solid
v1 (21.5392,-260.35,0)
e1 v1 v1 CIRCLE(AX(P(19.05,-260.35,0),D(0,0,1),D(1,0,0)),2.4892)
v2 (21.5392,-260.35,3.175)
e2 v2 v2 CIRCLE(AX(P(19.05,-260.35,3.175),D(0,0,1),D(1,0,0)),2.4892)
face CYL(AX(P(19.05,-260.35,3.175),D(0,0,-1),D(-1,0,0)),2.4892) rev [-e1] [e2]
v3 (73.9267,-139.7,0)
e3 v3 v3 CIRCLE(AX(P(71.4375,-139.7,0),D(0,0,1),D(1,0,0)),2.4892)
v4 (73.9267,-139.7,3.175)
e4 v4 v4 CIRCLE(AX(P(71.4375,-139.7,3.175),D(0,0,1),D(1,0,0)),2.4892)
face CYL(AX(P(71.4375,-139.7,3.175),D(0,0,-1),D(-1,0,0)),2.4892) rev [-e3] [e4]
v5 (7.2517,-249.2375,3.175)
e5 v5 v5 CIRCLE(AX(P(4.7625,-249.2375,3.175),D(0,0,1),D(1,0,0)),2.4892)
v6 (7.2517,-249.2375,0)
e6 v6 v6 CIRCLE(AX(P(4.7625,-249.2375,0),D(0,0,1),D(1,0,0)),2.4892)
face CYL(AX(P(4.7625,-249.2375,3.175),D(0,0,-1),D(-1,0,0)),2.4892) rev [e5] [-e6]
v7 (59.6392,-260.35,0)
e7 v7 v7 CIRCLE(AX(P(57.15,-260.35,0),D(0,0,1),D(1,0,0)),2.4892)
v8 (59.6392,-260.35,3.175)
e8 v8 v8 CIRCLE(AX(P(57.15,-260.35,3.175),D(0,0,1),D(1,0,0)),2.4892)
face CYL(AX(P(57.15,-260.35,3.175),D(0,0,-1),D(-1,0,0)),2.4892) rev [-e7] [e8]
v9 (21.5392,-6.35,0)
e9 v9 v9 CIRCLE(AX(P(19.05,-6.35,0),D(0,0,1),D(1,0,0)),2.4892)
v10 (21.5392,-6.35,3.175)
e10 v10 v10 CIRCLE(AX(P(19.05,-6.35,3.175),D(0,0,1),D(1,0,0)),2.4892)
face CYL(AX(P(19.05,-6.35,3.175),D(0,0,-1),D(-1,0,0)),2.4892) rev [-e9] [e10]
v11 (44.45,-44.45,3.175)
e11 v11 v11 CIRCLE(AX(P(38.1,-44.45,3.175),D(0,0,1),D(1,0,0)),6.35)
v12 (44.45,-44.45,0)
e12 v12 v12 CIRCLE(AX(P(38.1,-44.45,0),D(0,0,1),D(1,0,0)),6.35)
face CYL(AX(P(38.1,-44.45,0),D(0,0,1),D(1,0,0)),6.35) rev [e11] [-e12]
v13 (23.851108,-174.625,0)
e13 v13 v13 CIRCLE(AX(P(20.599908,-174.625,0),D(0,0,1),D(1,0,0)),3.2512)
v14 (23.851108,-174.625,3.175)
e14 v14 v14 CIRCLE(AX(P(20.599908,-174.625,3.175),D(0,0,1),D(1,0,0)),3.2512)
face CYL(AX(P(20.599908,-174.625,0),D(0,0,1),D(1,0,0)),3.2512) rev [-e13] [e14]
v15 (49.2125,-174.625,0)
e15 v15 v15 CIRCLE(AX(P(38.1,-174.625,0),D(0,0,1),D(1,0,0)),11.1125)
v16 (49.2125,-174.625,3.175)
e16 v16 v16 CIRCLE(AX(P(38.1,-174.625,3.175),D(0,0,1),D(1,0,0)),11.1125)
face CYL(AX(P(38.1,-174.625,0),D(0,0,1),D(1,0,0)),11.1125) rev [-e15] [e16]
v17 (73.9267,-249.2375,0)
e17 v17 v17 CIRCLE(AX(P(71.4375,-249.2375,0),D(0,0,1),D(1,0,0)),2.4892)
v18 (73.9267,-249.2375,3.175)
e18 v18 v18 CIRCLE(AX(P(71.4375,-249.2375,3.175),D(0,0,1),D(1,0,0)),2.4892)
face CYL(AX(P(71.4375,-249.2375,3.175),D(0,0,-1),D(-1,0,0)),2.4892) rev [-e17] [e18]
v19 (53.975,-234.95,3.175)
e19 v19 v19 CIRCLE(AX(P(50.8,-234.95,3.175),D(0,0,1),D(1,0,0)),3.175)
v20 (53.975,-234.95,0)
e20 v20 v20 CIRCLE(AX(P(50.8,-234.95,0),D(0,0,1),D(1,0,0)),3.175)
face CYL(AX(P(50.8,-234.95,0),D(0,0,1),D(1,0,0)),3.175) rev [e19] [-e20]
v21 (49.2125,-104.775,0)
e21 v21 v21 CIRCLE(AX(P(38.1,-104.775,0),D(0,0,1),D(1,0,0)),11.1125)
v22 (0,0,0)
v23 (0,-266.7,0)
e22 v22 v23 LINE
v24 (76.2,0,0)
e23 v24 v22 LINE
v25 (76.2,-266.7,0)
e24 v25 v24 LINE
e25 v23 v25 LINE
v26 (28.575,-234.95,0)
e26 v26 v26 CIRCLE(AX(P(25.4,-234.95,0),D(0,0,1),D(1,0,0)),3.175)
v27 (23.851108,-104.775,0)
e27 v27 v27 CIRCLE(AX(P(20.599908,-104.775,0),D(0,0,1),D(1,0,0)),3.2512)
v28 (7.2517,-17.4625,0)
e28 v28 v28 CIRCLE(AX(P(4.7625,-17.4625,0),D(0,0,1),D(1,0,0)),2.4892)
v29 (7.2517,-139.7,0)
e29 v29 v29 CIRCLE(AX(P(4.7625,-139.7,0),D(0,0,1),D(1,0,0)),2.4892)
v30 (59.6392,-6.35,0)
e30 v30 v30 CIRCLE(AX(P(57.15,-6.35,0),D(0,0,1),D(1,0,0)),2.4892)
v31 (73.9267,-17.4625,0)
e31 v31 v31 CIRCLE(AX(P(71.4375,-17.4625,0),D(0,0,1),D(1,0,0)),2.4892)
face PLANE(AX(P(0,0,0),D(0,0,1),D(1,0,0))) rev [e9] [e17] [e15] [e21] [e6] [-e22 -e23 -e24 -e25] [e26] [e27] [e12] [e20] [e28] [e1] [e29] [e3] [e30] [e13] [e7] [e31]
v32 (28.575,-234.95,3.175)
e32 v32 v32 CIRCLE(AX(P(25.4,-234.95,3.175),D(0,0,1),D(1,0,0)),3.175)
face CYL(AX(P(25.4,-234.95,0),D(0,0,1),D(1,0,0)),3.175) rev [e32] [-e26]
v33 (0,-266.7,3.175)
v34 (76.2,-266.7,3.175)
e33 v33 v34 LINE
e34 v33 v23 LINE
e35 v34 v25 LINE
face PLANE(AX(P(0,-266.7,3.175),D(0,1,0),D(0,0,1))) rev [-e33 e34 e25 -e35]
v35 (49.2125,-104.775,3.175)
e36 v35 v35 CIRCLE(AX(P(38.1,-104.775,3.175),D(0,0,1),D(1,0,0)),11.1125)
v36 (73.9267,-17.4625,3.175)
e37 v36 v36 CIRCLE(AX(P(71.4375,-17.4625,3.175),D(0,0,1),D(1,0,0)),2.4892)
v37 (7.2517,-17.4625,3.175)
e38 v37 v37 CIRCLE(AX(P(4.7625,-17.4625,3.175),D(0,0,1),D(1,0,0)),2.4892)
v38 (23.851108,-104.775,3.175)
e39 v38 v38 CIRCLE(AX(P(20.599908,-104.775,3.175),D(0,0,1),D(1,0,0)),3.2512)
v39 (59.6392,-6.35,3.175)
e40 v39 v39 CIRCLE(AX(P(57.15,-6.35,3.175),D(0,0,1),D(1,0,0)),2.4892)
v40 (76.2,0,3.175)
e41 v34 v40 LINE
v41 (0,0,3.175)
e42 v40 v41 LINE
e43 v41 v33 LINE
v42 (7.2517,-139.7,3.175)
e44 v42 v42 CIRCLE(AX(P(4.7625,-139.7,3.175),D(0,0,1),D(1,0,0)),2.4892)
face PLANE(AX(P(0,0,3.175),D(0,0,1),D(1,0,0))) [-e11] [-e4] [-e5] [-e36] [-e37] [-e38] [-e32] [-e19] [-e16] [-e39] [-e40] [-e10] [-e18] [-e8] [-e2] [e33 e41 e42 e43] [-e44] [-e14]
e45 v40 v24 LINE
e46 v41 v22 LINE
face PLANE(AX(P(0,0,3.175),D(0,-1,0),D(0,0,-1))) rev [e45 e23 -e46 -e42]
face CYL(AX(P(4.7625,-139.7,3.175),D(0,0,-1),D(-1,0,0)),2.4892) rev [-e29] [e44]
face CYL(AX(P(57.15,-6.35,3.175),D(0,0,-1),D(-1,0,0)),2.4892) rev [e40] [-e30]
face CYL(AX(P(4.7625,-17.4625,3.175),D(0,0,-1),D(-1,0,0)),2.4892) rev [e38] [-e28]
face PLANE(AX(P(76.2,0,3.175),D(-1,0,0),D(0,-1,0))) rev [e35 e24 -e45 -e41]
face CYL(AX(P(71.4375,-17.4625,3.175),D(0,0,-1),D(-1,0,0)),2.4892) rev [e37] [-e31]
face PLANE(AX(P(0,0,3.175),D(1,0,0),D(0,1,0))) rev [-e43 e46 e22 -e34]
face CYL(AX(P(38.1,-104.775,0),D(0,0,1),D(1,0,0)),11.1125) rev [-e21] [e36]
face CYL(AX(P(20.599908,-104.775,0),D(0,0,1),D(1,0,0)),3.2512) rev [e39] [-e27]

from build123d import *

# Parameters (mm, degrees)
SKETCH1_W           = 76.2
SKETCH1_H           = 266.7
SKETCH1_R           = 2.4892
BOSS_EXTRUDE1_DEPTH = 3.175
SKETCH2_R           = 11.1125
SKETCH2_R_2         = 3.2512
SKETCH2_R_3         = 3.175
SKETCH2_R_4         = 6.35
CUT_EXTRUDE1_DEPTH  = 3.175


with BuildPart() as part:
    # Sketch1 → Boss-Extrude1 (new body)
    with BuildSketch(Plane.XY):
        with Locations((38.1, -133.35)):
            Rectangle(SKETCH1_W, SKETCH1_H)
        with Locations((19.05, -6.35)):
            Circle(SKETCH1_R, mode=Mode.SUBTRACT)
        with Locations((57.15, -6.35)):
            Circle(SKETCH1_R, mode=Mode.SUBTRACT)
        with Locations((71.4375, -17.4625)):
            Circle(SKETCH1_R, mode=Mode.SUBTRACT)
        with Locations((4.7625, -17.4625)):
            Circle(SKETCH1_R, mode=Mode.SUBTRACT)
        with Locations((71.4375, -139.7)):
            Circle(SKETCH1_R, mode=Mode.SUBTRACT)
        with Locations((4.7625, -139.7)):
            Circle(SKETCH1_R, mode=Mode.SUBTRACT)
        with Locations((71.4375, -249.2375)):
            Circle(SKETCH1_R, mode=Mode.SUBTRACT)
        with Locations((4.7625, -249.2375)):
            Circle(SKETCH1_R, mode=Mode.SUBTRACT)
        with Locations((19.05, -260.35)):
            Circle(SKETCH1_R, mode=Mode.SUBTRACT)
        with Locations((57.15, -260.35)):
            Circle(SKETCH1_R, mode=Mode.SUBTRACT)
    extrude(amount=BOSS_EXTRUDE1_DEPTH)

    # Sketch2 → Cut-Extrude1 (cut)
    with BuildSketch(Plane.XY.offset(3.175)):
        with Locations((38.1, -104.775)):
            Circle(SKETCH2_R)
        with Locations((38.1, -174.625)):
            Circle(SKETCH2_R)
        with Locations((20.599908, -174.625)):
            Circle(SKETCH2_R_2)
        with Locations((20.599908, -104.775)):
            Circle(SKETCH2_R_2)
        with Locations((25.4, -234.95)):
            Circle(SKETCH2_R_3)
        with Locations((50.8, -234.95)):
            Circle(SKETCH2_R_3)
        with Locations((38.1, -44.45)):
            Circle(SKETCH2_R_4)
    extrude(amount=-CUT_EXTRUDE1_DEPTH, mode=Mode.SUBTRACT)


solid = part.part
